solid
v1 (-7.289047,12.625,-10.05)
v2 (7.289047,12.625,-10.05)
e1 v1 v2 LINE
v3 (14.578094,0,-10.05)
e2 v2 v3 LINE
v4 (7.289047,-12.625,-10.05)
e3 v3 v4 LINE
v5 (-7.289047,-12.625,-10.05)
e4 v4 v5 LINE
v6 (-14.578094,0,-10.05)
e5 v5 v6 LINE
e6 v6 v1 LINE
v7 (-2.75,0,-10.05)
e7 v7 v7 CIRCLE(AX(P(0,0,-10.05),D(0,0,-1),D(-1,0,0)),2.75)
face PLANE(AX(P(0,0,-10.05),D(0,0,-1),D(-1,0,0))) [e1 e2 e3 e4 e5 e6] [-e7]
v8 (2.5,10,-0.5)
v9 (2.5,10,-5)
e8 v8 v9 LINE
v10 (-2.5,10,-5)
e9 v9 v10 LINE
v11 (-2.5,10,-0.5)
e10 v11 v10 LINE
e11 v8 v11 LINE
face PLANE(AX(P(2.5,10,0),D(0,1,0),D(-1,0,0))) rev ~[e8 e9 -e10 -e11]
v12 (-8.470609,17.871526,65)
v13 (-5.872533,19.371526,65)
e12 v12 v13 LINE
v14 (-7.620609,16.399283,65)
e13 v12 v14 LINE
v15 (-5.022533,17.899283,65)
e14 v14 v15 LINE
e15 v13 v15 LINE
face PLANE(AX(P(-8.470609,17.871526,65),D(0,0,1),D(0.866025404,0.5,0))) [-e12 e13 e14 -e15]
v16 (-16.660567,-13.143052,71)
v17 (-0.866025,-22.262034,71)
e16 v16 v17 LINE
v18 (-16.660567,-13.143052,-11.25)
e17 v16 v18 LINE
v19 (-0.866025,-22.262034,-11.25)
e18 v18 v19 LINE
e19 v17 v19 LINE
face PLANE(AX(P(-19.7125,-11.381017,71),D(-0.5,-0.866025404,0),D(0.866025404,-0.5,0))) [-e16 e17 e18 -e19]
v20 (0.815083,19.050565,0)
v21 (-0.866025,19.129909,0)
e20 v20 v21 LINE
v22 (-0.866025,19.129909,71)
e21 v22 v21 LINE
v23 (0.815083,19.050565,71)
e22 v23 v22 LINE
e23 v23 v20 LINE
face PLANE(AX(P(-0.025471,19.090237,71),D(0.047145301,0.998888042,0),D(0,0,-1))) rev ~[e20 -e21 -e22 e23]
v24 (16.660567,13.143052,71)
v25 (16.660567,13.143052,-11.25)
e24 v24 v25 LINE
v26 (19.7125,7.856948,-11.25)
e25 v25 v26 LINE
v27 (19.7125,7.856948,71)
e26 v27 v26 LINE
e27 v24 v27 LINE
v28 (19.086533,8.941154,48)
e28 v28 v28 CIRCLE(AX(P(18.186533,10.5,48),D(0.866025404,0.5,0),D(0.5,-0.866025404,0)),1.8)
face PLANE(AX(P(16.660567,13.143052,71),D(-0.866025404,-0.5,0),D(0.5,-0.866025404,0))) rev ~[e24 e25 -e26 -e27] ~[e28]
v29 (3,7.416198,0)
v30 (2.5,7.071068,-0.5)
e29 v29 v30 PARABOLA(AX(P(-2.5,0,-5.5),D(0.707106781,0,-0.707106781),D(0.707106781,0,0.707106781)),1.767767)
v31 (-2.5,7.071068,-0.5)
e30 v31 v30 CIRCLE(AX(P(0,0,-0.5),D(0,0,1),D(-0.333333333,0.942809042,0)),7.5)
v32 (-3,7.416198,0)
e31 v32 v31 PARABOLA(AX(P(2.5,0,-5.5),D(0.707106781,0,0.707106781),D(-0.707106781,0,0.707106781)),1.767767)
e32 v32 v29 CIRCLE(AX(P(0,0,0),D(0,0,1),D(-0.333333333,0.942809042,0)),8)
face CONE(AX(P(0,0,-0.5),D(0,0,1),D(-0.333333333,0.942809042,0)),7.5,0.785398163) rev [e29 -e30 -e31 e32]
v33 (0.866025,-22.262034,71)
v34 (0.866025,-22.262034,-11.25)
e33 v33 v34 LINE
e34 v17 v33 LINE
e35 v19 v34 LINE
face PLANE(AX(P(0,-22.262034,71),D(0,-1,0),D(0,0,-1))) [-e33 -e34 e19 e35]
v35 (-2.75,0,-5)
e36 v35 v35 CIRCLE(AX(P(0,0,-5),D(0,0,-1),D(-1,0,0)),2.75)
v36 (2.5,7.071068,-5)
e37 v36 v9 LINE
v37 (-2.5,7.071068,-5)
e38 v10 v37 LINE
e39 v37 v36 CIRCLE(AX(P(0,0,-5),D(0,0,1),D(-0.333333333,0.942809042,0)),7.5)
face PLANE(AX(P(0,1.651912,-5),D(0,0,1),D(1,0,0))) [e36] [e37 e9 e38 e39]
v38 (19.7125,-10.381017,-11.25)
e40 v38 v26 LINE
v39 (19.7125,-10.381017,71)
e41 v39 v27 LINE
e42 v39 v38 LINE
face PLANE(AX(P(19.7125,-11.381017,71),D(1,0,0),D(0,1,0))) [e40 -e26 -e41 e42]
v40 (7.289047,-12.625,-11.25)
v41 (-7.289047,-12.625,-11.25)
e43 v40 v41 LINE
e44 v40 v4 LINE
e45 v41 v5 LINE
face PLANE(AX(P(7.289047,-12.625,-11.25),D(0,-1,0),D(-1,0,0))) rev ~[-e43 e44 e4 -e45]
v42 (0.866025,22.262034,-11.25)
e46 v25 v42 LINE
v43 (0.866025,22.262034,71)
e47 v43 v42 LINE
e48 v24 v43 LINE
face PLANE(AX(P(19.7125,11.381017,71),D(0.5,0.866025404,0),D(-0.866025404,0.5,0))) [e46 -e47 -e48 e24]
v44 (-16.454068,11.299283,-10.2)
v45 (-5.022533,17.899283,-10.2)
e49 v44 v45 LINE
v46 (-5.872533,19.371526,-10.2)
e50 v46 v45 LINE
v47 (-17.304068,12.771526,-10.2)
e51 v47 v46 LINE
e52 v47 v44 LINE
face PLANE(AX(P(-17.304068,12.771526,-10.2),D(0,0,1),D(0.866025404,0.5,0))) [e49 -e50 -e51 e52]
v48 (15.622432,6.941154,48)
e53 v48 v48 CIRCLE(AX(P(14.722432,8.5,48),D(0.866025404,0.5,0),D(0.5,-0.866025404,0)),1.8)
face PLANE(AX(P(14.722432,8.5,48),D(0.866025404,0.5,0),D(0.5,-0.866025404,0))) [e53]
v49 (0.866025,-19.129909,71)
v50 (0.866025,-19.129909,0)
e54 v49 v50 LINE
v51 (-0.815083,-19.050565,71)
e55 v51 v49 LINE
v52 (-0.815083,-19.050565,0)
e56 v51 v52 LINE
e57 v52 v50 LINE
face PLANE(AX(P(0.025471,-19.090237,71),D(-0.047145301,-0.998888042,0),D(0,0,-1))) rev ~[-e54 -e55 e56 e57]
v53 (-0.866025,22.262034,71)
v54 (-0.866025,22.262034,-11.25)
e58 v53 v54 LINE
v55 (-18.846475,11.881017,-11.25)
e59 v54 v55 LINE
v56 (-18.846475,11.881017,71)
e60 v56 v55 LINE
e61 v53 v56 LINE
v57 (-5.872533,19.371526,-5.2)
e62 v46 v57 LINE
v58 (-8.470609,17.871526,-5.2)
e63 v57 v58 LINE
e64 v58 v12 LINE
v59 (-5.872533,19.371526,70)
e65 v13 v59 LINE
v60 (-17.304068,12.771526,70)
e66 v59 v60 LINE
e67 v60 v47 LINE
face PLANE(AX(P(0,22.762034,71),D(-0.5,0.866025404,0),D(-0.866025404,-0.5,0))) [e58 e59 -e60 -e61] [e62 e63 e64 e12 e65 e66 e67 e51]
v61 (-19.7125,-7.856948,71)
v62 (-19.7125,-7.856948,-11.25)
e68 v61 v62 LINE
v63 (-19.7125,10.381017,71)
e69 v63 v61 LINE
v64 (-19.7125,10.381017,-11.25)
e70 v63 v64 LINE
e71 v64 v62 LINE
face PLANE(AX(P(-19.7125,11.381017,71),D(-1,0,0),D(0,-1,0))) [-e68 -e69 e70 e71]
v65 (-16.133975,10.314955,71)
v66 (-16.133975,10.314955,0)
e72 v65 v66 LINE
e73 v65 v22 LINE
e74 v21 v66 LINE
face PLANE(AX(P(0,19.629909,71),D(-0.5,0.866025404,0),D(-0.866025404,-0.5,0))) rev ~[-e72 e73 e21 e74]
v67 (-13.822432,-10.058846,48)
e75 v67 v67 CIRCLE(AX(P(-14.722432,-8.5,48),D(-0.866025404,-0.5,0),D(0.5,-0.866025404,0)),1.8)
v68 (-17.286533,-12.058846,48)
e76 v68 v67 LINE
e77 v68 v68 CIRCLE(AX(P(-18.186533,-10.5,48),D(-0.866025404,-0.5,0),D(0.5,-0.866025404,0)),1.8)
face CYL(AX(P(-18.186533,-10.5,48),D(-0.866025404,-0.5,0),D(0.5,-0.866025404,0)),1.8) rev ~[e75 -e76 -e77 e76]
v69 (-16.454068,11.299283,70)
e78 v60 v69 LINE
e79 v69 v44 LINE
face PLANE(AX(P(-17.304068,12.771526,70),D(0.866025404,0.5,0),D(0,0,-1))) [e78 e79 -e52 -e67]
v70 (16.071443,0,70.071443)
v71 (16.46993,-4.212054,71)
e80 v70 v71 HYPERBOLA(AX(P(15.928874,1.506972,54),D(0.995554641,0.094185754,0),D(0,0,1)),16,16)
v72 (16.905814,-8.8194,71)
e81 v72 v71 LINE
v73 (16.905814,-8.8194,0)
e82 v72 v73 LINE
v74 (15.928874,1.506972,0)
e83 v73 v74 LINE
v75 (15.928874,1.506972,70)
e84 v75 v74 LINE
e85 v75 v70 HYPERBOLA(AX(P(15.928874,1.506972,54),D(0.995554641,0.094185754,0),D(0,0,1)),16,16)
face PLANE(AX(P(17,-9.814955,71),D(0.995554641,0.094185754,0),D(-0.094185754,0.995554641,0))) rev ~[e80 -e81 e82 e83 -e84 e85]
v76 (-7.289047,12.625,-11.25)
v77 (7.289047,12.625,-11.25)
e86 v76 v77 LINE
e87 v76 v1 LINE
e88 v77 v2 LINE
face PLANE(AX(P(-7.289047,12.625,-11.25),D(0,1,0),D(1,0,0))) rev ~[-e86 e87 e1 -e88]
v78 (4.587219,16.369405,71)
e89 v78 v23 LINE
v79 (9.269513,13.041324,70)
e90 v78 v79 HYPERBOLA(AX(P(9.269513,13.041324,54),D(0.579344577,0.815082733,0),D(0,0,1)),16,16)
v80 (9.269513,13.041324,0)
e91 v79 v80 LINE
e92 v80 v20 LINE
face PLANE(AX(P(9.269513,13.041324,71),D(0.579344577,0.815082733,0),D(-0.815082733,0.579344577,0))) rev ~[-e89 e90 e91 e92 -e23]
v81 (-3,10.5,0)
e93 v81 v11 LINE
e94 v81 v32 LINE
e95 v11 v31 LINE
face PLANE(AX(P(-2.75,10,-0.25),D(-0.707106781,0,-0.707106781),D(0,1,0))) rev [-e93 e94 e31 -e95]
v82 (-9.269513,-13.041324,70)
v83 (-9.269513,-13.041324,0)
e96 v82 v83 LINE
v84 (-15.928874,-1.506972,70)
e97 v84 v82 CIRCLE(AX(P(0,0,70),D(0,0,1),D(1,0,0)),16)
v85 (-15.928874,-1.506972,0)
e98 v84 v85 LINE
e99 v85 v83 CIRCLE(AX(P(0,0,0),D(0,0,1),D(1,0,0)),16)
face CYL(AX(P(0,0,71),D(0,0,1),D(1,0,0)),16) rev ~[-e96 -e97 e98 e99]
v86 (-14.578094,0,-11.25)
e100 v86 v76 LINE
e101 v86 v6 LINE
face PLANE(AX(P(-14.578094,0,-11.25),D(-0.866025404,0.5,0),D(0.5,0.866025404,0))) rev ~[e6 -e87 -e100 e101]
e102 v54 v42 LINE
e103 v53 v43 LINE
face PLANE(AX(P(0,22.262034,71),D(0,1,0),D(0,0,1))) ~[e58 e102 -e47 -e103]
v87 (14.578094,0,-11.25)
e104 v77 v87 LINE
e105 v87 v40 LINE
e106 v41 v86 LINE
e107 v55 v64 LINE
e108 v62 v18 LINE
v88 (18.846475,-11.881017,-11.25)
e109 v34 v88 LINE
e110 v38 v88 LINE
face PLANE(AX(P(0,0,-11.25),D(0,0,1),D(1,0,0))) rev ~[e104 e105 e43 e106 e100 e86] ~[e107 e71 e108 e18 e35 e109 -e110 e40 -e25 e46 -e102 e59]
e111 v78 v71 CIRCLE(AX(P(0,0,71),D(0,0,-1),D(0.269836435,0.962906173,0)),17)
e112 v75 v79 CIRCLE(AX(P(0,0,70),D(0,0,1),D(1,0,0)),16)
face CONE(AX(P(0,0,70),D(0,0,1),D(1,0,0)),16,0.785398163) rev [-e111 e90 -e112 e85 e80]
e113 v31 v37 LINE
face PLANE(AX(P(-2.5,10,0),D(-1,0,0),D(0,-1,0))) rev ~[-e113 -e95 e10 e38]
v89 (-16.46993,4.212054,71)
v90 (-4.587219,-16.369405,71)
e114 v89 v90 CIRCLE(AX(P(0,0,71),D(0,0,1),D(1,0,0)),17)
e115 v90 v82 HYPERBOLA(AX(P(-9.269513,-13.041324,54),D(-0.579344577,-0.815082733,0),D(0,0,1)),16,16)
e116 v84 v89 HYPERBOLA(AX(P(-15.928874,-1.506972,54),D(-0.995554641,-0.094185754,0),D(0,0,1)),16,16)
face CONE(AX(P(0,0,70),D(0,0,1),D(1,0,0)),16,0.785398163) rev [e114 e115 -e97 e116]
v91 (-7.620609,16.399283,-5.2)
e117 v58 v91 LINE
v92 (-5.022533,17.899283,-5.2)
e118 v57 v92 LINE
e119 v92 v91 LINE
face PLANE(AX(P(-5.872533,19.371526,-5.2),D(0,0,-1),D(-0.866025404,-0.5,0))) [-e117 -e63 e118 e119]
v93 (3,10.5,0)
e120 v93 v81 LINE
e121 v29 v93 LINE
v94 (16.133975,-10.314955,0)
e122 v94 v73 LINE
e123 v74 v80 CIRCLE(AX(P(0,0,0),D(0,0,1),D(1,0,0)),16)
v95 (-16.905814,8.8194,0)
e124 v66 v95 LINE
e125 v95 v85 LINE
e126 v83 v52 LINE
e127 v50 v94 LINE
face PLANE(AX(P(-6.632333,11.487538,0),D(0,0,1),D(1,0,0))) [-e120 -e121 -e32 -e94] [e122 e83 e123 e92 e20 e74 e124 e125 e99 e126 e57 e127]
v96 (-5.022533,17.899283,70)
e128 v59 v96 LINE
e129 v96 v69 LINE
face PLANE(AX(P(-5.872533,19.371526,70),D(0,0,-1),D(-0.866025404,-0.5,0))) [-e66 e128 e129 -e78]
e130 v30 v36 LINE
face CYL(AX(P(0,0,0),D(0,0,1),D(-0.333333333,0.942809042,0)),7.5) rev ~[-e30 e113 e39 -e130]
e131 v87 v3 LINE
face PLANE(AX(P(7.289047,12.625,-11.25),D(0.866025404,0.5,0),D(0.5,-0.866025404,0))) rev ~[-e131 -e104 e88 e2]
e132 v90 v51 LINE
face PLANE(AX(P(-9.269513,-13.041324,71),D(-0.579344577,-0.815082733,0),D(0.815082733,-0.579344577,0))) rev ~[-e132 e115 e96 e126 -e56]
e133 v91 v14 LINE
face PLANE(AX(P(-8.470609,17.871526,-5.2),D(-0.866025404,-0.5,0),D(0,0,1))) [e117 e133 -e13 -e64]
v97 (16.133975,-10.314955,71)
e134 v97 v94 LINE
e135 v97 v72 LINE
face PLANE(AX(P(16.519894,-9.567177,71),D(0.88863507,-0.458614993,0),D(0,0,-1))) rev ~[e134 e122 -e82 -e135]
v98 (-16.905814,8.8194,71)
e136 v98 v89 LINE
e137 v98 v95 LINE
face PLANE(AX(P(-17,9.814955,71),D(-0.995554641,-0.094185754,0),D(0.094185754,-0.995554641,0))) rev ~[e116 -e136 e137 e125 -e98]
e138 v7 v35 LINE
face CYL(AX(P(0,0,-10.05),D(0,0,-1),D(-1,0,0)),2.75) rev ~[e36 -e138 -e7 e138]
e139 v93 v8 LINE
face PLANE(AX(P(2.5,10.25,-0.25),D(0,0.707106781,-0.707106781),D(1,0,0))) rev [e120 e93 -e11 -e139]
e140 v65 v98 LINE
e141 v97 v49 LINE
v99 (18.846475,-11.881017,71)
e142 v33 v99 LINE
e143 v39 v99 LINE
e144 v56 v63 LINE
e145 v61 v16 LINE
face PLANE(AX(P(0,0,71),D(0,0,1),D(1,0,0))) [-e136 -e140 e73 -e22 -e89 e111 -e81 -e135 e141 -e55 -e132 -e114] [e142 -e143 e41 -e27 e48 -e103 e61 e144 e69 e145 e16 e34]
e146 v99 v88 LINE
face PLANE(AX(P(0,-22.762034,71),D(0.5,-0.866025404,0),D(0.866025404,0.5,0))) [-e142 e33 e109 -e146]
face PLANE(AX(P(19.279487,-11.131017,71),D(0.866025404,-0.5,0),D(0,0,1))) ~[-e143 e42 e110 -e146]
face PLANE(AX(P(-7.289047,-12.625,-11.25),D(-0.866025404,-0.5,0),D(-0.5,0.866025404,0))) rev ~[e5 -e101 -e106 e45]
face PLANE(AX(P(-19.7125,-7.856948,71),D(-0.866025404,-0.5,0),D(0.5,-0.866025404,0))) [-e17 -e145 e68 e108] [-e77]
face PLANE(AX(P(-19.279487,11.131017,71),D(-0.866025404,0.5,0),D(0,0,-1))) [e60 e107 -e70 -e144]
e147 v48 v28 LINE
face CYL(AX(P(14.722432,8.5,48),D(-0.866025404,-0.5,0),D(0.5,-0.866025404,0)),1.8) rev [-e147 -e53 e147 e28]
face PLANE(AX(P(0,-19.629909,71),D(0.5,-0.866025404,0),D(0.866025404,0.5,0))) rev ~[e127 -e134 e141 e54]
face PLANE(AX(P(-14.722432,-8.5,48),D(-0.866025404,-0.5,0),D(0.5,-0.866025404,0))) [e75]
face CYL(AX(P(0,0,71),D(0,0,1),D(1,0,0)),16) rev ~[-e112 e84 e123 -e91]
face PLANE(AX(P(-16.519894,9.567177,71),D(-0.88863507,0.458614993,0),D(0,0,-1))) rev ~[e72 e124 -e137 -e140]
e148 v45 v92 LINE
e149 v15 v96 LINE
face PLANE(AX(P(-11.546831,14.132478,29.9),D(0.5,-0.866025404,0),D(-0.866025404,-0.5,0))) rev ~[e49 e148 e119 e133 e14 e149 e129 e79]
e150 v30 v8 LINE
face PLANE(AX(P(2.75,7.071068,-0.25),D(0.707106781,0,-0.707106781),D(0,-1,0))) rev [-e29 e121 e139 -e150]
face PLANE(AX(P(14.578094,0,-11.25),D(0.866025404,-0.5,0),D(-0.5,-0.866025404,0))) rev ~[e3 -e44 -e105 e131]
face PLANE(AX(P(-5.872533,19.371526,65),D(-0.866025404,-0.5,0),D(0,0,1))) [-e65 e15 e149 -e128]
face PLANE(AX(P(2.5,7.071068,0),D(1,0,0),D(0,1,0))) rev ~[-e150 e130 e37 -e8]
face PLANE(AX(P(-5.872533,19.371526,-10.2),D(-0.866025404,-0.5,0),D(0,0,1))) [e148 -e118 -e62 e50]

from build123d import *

# Parameters (mm, degrees)
SKETCH2_R               = 16
BOSS_EXTRUDE1_DEPTH     = 82.25
CUT_EXTRUDE1_DEPTH      = 97.457244414
CUT_EXTRUDE1_DEPTH_BACK = 97.457244414
SKETCH3_W               = 152.01959988
SKETCH3_H               = 124.433031562
CUT_EXTRUDE2_DEPTH      = 1.7
CHAMFER2_SIZE           = 1
CHAMFER3_SIZE           = 1
CUT_EXTRUDE3_DEPTH      = 71
CHAMFER4_SIZE           = 1
CUT_EXTRUDE4_DEPTH      = 1.2
SKETCH8_R               = 2.75
CUT_EXTRUDE5_DEPTH      = 87.332400234
CUT_EXTRUDE7_DEPTH      = 5
CHAMFER5_SIZE           = 0.5
CUT_EXTRUDE8_DEPTH      = 88.459952722
SKETCH12_R              = 1.8
CUT_EXTRUDE9_DEPTH      = 4
CUT_EXTRUDE10_START     = -4
SKETCH13_R              = 1.8
CUT_EXTRUDE10_DEPTH     = 4


with BuildPart() as part:
    # Sketch1 → Revolve1 (revolve)
    with BuildSketch(Plane(origin=(0, 0, 0), x_dir=(1, 0, 0), z_dir=(0, 1, 0))):
        Polygon((0, 0), (16.125, 0), (16.125, -71), (19.65, -71), (19.65, 68), (24.95, 68), (24.95, 73), (28.1, 73), (28.1, 68), (42, 68), (42, 76), (16.65, 76), (16.65, 18.004366875), (12.193967069, 18.004366875), (12.193967069, 24.882682167), (0, 24.882682167), align=None)
    revolve(axis=Axis((0, 0, 39.840023079), (0, 0, -1)))

    # Sketch2 → Boss-Extrude1 (add)
    with BuildSketch(Plane.XY.offset(71)):
        Polygon((0, 22.762034363), (-19.7125, 11.381017181), (-19.7125, -11.381017181), (0, -22.762034363), (19.7125, -11.381017181), (19.7125, 11.381017181), align=None)
        Circle(SKETCH2_R, mode=Mode.SUBTRACT)
    extrude(amount=-BOSS_EXTRUDE1_DEPTH)

    # Sketch3 → Cut-Extrude1 (cut, two sides: drawn at the far end of the back side and taken through both)
    with BuildSketch(Plane(origin=(0, 0, 0), x_dir=(1, 0, 0), z_dir=(0, 1, 0)).offset(-CUT_EXTRUDE1_DEPTH_BACK)):
        with Locations((6.162956752, 73.466515781)):
            Rectangle(SKETCH3_W, SKETCH3_H)
    extrude(amount=CUT_EXTRUDE1_DEPTH + CUT_EXTRUDE1_DEPTH_BACK, mode=Mode.SUBTRACT)

    # Sketch4 → Cut-Extrude2 (cut)
    with BuildSketch(Plane(origin=(-9.85625, 17.071525772, 0), x_dir=(0.8660254037844386, 0.5000000000000003, 0), z_dir=(-0.5000000000000002, 0.8660254037844385, 0))):
        Polygon((-8.6, 10.2), (4.6, 10.2), (4.6, 5.2), (1.6, 5.2), (1.6, -65), (4.6, -65), (4.6, -70), (-8.6, -70), align=None)
    extrude(amount=-CUT_EXTRUDE2_DEPTH, mode=Mode.SUBTRACT)

    # Chamfer2
    chamfer2_edges = [part.edges().sort_by_distance(p)[0] for p in [
        (0, 22.762034363, 29.875),
        (19.7125, 11.381017181, 29.875),
        (19.7125, -11.381017181, 29.875),
        (0, -22.762034363, 29.875),
        (-19.7125, -11.381017181, 29.875),
        (-19.7125, 11.381017181, 29.875),
    ]]
    chamfer(chamfer2_edges, length=CHAMFER2_SIZE)

    # Chamfer3
    chamfer3_edges = [part.edges().sort_by_distance(p)[0] for p in [
        (-16, 0, 71),
    ]]
    chamfer(chamfer3_edges, length=CHAMFER3_SIZE)

    # Sketch5 → Cut-Extrude3 (cut)
    with BuildSketch(Plane.XY.offset(71)):
        with BuildLine():
            Line((-17, 9.814954576), (-15.92887426, -1.50697207))
            ThreePointArc((-15.92887426, -1.50697207), (-8, 13.85640646), (9.269513225, 13.041323728))
            Line((9.269513225, 13.041323728), (0, 19.629909152))
            Line((0, 19.629909152), (-17, 9.814954576))
        make_face()
        with BuildLine():
            Line((0, -19.629909152), (17, -9.814954576))
            Line((17, -9.814954576), (15.92887426, 1.50697207))
            ThreePointArc((15.92887426, 1.50697207), (8, -13.856406461), (-9.269513225, -13.041323728))
            Line((-9.269513225, -13.041323728), (0, -19.629909152))
        make_face()
    extrude(amount=-CUT_EXTRUDE3_DEPTH, mode=Mode.SUBTRACT)

    # Chamfer4
    chamfer4_edges = [part.edges().sort_by_distance(p)[0] for p in [
        (0, -19.629909152, 35.5),
        (17, -9.814954576, 35.5),
        (0, 19.629909152, 35.5),
        (-17, 9.814954576, 35.5),
    ]]
    chamfer(chamfer4_edges, length=CHAMFER4_SIZE)

    # Sketch6 → Cut-Extrude4 (cut)
    with BuildSketch(Plane(origin=(0, 0, -11.25), x_dir=(-1, 0, 0), z_dir=(0, 0, -1))):
        Polygon((-7.289047149, 12.625), (-14.578094297, 0), (-7.289047149, -12.625), (7.289047149, -12.625), (14.578094297, 0), (7.289047149, 12.625), align=None)
    extrude(amount=-CUT_EXTRUDE4_DEPTH, mode=Mode.SUBTRACT)

    # Sketch8 → Cut-Extrude5 (cut, through all)
    with BuildSketch(Plane(origin=(0, 0, -10.05), x_dir=(-1, 0, 0), z_dir=(0, 0, -1))):
        Circle(SKETCH8_R)
    extrude(amount=-CUT_EXTRUDE5_DEPTH, mode=Mode.SUBTRACT)

    # Sketch10 → Cut-Extrude7 (cut)
    with BuildSketch(Plane.XY):
        with BuildLine():
            Line((2.5, 10), (-2.5, 10))
            Line((-2.5, 10), (-2.5, 7.071067812))
            ThreePointArc((-2.5, 7.071067812), (0, -7.5), (2.5, 7.071067812))
            Line((2.5, 7.071067812), (2.5, 10))
        make_face()
    extrude(amount=-CUT_EXTRUDE7_DEPTH, mode=Mode.SUBTRACT)

    # Chamfer5
    chamfer5_edges = [part.edges().sort_by_distance(p)[0] for p in [
        (0, -7.5, 0),
        (2.5, 8.535533906, 0),
        (0, 10, 0),
        (-2.5, 8.535533906, 0),
    ]]
    chamfer(chamfer5_edges, length=CHAMFER5_SIZE)

    # Sketch11 → Cut-Extrude8 (cut, through all)
    with BuildSketch(Plane.XY.offset(71)):
        Polygon((19.7125, 11.381017181), (16.660566959, 13.143051544), (19.7125, 7.856948456), align=None)
        Polygon((-16.660566959, -13.143051544), (-19.7125, -11.381017181), (-19.7125, -7.856948456), align=None)
    extrude(amount=-CUT_EXTRUDE8_DEPTH, mode=Mode.SUBTRACT)

    # Sketch12 → Cut-Extrude9 (cut)
    with BuildSketch(Plane(origin=(-18.186533479, -10.5, 0), x_dir=(0, 0, 1), z_dir=(-0.8660254037844382, -0.500000000000001, 0))):
        with Locations(Location((48, 0, 0), (0, 0, 270))):
            Circle(SKETCH12_R)
    extrude(amount=-CUT_EXTRUDE9_DEPTH, mode=Mode.SUBTRACT)

    # Sketch13 → Cut-Extrude10 (cut)
    with BuildSketch(Plane(origin=(18.186533479, 10.5, 0), x_dir=(0, 0, -1), z_dir=(0.8660254037844387, 0.4999999999999999, 0)).offset(CUT_EXTRUDE10_START)):
        with Locations(Location((-48, 0, 0), (0, 0, 270))):
            Circle(SKETCH13_R)
    extrude(amount=CUT_EXTRUDE10_DEPTH, mode=Mode.SUBTRACT)


solid = part.part
